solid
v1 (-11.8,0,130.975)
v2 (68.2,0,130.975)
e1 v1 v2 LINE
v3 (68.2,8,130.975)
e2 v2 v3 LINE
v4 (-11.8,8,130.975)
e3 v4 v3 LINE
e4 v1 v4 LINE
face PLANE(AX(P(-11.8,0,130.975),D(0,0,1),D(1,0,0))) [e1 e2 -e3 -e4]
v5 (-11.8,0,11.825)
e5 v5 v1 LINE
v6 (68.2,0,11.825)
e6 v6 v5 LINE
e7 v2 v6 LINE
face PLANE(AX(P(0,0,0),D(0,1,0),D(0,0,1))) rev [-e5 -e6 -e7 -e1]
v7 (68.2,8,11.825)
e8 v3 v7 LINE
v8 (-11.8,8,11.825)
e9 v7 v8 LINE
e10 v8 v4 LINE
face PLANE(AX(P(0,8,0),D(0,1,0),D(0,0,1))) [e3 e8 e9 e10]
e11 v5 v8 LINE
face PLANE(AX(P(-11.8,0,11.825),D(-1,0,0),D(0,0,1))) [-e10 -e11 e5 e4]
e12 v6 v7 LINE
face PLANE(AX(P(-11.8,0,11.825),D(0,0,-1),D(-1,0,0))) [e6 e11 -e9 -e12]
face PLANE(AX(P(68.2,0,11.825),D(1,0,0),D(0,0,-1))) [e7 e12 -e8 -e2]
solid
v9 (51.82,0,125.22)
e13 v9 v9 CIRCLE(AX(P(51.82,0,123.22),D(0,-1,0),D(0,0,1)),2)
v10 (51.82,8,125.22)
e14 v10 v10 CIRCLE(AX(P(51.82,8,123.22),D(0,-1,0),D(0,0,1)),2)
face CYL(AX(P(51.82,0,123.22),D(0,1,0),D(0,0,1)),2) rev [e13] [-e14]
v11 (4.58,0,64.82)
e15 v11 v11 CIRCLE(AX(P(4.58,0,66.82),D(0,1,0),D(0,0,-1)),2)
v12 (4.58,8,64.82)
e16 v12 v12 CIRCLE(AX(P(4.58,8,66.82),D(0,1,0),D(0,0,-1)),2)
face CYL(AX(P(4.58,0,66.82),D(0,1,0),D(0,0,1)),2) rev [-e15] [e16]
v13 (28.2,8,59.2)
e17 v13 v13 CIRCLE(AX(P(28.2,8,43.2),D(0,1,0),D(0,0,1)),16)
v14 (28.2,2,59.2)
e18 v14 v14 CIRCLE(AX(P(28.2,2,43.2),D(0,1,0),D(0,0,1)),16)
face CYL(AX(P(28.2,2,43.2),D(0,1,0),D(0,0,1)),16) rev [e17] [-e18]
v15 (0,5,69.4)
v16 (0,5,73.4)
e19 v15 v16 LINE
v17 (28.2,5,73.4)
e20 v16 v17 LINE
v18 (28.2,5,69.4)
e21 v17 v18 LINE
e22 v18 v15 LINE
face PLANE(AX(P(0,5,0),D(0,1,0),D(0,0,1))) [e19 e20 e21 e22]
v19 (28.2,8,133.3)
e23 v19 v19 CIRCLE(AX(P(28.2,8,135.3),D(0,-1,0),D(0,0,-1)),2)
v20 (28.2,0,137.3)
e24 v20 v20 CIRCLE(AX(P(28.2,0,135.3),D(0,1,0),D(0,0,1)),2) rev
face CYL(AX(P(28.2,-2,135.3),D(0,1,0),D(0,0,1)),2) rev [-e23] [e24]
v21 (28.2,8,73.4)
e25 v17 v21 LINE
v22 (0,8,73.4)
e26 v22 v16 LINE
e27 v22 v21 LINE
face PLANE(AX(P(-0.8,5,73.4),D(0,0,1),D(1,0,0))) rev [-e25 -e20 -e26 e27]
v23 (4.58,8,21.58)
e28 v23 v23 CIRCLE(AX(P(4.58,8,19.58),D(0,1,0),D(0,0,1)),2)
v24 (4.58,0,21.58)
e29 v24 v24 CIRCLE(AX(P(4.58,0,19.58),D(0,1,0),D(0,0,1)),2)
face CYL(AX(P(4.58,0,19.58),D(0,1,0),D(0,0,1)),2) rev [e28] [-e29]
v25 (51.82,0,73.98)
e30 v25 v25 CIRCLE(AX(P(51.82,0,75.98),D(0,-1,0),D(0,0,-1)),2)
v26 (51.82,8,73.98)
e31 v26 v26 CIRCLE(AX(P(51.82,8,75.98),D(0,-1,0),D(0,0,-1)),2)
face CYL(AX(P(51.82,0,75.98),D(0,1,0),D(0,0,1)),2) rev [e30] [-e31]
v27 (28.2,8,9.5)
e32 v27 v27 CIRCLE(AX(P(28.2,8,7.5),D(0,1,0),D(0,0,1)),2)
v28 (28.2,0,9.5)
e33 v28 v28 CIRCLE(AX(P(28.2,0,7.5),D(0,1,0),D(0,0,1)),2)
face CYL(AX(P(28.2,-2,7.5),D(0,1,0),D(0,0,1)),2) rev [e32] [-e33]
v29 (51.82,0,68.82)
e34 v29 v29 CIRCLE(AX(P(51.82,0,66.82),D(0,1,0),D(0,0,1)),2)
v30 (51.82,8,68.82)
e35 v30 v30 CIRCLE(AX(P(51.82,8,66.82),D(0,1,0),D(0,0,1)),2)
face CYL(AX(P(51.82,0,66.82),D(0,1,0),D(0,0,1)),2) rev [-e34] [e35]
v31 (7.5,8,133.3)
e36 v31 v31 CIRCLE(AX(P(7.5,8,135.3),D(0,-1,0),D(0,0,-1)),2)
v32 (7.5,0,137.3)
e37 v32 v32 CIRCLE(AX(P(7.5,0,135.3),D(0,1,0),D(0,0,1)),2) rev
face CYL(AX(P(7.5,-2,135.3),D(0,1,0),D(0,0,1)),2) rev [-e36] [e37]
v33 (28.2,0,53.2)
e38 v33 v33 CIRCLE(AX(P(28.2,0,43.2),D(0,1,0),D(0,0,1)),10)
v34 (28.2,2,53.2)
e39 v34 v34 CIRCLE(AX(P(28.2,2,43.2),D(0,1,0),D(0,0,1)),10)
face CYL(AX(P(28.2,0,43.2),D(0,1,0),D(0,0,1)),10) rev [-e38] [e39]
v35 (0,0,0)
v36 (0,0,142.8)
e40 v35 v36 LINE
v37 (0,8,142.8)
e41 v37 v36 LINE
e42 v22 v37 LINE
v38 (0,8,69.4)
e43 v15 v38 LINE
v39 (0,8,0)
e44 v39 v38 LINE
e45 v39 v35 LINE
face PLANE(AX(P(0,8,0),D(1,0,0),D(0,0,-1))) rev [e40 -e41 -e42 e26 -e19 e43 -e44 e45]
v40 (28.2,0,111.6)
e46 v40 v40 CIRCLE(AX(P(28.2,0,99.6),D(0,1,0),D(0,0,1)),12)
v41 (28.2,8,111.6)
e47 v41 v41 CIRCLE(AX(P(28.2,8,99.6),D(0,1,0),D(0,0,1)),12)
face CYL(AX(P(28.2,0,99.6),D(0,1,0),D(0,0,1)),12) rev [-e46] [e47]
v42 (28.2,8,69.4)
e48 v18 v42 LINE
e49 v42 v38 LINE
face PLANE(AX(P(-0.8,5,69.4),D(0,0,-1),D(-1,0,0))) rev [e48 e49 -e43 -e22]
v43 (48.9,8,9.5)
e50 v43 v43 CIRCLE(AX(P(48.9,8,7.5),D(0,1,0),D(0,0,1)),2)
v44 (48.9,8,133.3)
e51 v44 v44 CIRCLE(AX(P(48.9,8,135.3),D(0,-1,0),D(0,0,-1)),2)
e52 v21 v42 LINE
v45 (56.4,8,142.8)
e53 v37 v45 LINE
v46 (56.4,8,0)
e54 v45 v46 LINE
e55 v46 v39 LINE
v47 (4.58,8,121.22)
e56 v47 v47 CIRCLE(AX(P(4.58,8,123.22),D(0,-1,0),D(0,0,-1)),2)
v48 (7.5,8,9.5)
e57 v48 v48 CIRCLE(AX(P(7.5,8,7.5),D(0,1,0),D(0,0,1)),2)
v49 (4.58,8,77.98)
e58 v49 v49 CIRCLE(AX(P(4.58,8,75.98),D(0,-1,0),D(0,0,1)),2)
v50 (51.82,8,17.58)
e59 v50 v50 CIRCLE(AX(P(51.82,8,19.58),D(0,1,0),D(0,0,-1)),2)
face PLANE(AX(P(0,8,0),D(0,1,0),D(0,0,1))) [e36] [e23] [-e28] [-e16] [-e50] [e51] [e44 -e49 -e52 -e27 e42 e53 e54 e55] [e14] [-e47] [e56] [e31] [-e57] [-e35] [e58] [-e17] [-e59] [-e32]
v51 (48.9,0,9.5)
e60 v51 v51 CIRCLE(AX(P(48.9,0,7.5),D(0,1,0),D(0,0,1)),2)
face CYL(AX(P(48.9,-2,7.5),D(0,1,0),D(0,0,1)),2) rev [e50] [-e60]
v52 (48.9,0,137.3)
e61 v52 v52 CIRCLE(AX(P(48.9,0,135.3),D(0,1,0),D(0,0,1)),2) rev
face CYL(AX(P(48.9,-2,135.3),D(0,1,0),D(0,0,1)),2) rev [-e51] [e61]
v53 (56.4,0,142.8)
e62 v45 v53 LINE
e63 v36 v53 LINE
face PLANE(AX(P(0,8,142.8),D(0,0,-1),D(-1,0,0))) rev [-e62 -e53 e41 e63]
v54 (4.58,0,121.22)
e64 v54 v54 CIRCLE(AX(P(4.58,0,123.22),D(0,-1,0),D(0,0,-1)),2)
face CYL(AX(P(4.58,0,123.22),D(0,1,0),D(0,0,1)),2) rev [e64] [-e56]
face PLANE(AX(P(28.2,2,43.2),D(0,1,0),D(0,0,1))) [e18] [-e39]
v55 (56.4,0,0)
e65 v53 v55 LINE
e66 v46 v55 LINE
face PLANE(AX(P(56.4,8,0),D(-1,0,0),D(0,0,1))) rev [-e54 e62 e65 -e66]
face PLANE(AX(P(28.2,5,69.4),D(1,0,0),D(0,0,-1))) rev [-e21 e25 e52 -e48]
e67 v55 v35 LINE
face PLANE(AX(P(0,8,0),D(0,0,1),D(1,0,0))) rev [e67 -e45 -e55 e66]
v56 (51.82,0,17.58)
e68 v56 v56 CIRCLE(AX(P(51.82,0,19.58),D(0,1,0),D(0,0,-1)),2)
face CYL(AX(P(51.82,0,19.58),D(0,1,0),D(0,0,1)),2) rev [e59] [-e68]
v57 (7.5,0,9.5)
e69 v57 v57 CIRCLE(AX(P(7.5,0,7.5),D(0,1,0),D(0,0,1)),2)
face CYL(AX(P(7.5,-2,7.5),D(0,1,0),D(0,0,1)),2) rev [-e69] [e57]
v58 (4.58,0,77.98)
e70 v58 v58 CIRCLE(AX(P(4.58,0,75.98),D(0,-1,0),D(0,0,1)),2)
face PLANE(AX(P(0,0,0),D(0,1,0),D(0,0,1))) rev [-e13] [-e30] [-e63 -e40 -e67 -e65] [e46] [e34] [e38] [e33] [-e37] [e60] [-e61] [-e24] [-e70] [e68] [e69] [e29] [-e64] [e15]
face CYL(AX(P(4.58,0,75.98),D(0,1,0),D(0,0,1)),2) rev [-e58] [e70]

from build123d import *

# Parameters (mm, degrees)
SKETCH1_W           = 56.4
SKETCH1_H           = 142.8
BOSS_EXTRUDE1_DEPTH = 8
SKETCH2_R           = 16
CUT_EXTRUDE1_DEPTH  = 6
SKETCH3_R           = 10
CUT_EXTRUDE2_DEPTH  = 154.651553848
SKETCH4_R           = 2
CUT_EXTRUDE3_DEPTH  = 154.7426421
SKETCH5_R           = 12
CUT_EXTRUDE4_DEPTH  = 154.7426421
SKETCH6_W           = 80
SKETCH6_H           = 119.15
BOSS_EXTRUDE2_DEPTH = 8
SKETCH9_R           = 2
CUT_EXTRUDE5_DEPTH  = 10
SKETCH10_W          = 29
SKETCH10_H          = 4
CUT_EXTRUDE6_DEPTH  = 3


with BuildPart() as part:
    # Sketch1 → Boss-Extrude1 (new body)
    with BuildSketch(Plane(origin=(0, 0, 0), x_dir=(1, 0, 0), z_dir=(0, 1, 0))):
        with Locations((28.2, -71.4)):
            Rectangle(SKETCH1_W, SKETCH1_H)
    extrude(amount=BOSS_EXTRUDE1_DEPTH)

    # Sketch2 → Cut-Extrude1 (cut)
    with BuildSketch(Plane(origin=(0, 8, 0), x_dir=(1, 0, 0), z_dir=(0, 1, 0))):
        with Locations(Location((28.2, -43.2, 0), (0, 0, 270))):
            Circle(SKETCH2_R)
    extrude(amount=-CUT_EXTRUDE1_DEPTH, mode=Mode.SUBTRACT)

    # Sketch3 → Cut-Extrude2 (cut, through all)
    with BuildSketch(Plane(origin=(0, 2, 0), x_dir=(1, 0, 0), z_dir=(0, 1, 0))):
        with Locations(Location((28.2, -43.2, 0), (0, 0, 270))):
            Circle(SKETCH3_R)
    extrude(amount=-CUT_EXTRUDE2_DEPTH, mode=Mode.SUBTRACT)

    # Sketch4 → Cut-Extrude3 (cut, through all)
    with BuildSketch(Plane(origin=(0, 8, 0), x_dir=(1, 0, 0), z_dir=(0, 1, 0))):
        with Locations(Location((4.58, -19.58, 0), (0, 0, 270))):
            Circle(SKETCH4_R)
        with Locations(Location((51.82, -19.58, 0), (0, 0, 90))):
            Circle(SKETCH4_R)
        with Locations(Location((51.82, -66.82, 0), (0, 0, 270))):
            Circle(SKETCH4_R)
        with Locations(Location((4.58, -66.82, 0), (0, 0, 90))):
            Circle(SKETCH4_R)
    cut_extrude3 = extrude(amount=-CUT_EXTRUDE3_DEPTH, mode=Mode.SUBTRACT)

    # Sketch5 → Cut-Extrude4 (cut, through all)
    with BuildSketch(Plane(origin=(0, 8, 0), x_dir=(1, 0, 0), z_dir=(0, 1, 0))):
        with Locations(Location((28.2, -99.6, 0), (0, 0, 270))):
            Circle(SKETCH5_R)
    extrude(amount=-CUT_EXTRUDE4_DEPTH, mode=Mode.SUBTRACT)

    # Mirror1: Cut-Extrude3 across plane
    add(cut_extrude3.mirror(Plane.XY.offset(71.4)), mode=Mode.SUBTRACT)

    # Sketch9 → Cut-Extrude5 (cut)
    with BuildSketch(Plane(origin=(0, 8, 0), x_dir=(1, 0, 0), z_dir=(0, 1, 0))):
        with Locations(Location((7.5, -7.5, 0), (0, 0, 270))):
            Circle(SKETCH9_R)
        with Locations(Location((28.2, -7.5, 0), (0, 0, 270))):
            Circle(SKETCH9_R)
        with Locations(Location((48.9, -7.5, 0), (0, 0, 270))):
            Circle(SKETCH9_R)
    cut_extrude5 = extrude(amount=-CUT_EXTRUDE5_DEPTH, mode=Mode.SUBTRACT)

    # Mirror2: Cut-Extrude5 across plane
    add(cut_extrude5.mirror(Plane.XY.offset(71.4)), mode=Mode.SUBTRACT)

    # Sketch10 → Cut-Extrude6 (cut)
    with BuildSketch(Plane(origin=(0, 8, 0), x_dir=(1, 0, 0), z_dir=(0, 1, 0))):
        with Locations((13.7, -71.4)):
            Rectangle(SKETCH10_W, SKETCH10_H)
    extrude(amount=-CUT_EXTRUDE6_DEPTH, mode=Mode.SUBTRACT)


with BuildPart() as body_2:
    # Sketch6 → Boss-Extrude2 (new body)
    with BuildSketch(Plane(origin=(0, 8, 0), x_dir=(1, 0, 0), z_dir=(0, 1, 0))):
        with Locations((28.2, -71.4)):
            Rectangle(SKETCH6_W, SKETCH6_H)
    extrude(amount=-BOSS_EXTRUDE2_DEPTH)


solid = Compound([part.part, body_2.part])
